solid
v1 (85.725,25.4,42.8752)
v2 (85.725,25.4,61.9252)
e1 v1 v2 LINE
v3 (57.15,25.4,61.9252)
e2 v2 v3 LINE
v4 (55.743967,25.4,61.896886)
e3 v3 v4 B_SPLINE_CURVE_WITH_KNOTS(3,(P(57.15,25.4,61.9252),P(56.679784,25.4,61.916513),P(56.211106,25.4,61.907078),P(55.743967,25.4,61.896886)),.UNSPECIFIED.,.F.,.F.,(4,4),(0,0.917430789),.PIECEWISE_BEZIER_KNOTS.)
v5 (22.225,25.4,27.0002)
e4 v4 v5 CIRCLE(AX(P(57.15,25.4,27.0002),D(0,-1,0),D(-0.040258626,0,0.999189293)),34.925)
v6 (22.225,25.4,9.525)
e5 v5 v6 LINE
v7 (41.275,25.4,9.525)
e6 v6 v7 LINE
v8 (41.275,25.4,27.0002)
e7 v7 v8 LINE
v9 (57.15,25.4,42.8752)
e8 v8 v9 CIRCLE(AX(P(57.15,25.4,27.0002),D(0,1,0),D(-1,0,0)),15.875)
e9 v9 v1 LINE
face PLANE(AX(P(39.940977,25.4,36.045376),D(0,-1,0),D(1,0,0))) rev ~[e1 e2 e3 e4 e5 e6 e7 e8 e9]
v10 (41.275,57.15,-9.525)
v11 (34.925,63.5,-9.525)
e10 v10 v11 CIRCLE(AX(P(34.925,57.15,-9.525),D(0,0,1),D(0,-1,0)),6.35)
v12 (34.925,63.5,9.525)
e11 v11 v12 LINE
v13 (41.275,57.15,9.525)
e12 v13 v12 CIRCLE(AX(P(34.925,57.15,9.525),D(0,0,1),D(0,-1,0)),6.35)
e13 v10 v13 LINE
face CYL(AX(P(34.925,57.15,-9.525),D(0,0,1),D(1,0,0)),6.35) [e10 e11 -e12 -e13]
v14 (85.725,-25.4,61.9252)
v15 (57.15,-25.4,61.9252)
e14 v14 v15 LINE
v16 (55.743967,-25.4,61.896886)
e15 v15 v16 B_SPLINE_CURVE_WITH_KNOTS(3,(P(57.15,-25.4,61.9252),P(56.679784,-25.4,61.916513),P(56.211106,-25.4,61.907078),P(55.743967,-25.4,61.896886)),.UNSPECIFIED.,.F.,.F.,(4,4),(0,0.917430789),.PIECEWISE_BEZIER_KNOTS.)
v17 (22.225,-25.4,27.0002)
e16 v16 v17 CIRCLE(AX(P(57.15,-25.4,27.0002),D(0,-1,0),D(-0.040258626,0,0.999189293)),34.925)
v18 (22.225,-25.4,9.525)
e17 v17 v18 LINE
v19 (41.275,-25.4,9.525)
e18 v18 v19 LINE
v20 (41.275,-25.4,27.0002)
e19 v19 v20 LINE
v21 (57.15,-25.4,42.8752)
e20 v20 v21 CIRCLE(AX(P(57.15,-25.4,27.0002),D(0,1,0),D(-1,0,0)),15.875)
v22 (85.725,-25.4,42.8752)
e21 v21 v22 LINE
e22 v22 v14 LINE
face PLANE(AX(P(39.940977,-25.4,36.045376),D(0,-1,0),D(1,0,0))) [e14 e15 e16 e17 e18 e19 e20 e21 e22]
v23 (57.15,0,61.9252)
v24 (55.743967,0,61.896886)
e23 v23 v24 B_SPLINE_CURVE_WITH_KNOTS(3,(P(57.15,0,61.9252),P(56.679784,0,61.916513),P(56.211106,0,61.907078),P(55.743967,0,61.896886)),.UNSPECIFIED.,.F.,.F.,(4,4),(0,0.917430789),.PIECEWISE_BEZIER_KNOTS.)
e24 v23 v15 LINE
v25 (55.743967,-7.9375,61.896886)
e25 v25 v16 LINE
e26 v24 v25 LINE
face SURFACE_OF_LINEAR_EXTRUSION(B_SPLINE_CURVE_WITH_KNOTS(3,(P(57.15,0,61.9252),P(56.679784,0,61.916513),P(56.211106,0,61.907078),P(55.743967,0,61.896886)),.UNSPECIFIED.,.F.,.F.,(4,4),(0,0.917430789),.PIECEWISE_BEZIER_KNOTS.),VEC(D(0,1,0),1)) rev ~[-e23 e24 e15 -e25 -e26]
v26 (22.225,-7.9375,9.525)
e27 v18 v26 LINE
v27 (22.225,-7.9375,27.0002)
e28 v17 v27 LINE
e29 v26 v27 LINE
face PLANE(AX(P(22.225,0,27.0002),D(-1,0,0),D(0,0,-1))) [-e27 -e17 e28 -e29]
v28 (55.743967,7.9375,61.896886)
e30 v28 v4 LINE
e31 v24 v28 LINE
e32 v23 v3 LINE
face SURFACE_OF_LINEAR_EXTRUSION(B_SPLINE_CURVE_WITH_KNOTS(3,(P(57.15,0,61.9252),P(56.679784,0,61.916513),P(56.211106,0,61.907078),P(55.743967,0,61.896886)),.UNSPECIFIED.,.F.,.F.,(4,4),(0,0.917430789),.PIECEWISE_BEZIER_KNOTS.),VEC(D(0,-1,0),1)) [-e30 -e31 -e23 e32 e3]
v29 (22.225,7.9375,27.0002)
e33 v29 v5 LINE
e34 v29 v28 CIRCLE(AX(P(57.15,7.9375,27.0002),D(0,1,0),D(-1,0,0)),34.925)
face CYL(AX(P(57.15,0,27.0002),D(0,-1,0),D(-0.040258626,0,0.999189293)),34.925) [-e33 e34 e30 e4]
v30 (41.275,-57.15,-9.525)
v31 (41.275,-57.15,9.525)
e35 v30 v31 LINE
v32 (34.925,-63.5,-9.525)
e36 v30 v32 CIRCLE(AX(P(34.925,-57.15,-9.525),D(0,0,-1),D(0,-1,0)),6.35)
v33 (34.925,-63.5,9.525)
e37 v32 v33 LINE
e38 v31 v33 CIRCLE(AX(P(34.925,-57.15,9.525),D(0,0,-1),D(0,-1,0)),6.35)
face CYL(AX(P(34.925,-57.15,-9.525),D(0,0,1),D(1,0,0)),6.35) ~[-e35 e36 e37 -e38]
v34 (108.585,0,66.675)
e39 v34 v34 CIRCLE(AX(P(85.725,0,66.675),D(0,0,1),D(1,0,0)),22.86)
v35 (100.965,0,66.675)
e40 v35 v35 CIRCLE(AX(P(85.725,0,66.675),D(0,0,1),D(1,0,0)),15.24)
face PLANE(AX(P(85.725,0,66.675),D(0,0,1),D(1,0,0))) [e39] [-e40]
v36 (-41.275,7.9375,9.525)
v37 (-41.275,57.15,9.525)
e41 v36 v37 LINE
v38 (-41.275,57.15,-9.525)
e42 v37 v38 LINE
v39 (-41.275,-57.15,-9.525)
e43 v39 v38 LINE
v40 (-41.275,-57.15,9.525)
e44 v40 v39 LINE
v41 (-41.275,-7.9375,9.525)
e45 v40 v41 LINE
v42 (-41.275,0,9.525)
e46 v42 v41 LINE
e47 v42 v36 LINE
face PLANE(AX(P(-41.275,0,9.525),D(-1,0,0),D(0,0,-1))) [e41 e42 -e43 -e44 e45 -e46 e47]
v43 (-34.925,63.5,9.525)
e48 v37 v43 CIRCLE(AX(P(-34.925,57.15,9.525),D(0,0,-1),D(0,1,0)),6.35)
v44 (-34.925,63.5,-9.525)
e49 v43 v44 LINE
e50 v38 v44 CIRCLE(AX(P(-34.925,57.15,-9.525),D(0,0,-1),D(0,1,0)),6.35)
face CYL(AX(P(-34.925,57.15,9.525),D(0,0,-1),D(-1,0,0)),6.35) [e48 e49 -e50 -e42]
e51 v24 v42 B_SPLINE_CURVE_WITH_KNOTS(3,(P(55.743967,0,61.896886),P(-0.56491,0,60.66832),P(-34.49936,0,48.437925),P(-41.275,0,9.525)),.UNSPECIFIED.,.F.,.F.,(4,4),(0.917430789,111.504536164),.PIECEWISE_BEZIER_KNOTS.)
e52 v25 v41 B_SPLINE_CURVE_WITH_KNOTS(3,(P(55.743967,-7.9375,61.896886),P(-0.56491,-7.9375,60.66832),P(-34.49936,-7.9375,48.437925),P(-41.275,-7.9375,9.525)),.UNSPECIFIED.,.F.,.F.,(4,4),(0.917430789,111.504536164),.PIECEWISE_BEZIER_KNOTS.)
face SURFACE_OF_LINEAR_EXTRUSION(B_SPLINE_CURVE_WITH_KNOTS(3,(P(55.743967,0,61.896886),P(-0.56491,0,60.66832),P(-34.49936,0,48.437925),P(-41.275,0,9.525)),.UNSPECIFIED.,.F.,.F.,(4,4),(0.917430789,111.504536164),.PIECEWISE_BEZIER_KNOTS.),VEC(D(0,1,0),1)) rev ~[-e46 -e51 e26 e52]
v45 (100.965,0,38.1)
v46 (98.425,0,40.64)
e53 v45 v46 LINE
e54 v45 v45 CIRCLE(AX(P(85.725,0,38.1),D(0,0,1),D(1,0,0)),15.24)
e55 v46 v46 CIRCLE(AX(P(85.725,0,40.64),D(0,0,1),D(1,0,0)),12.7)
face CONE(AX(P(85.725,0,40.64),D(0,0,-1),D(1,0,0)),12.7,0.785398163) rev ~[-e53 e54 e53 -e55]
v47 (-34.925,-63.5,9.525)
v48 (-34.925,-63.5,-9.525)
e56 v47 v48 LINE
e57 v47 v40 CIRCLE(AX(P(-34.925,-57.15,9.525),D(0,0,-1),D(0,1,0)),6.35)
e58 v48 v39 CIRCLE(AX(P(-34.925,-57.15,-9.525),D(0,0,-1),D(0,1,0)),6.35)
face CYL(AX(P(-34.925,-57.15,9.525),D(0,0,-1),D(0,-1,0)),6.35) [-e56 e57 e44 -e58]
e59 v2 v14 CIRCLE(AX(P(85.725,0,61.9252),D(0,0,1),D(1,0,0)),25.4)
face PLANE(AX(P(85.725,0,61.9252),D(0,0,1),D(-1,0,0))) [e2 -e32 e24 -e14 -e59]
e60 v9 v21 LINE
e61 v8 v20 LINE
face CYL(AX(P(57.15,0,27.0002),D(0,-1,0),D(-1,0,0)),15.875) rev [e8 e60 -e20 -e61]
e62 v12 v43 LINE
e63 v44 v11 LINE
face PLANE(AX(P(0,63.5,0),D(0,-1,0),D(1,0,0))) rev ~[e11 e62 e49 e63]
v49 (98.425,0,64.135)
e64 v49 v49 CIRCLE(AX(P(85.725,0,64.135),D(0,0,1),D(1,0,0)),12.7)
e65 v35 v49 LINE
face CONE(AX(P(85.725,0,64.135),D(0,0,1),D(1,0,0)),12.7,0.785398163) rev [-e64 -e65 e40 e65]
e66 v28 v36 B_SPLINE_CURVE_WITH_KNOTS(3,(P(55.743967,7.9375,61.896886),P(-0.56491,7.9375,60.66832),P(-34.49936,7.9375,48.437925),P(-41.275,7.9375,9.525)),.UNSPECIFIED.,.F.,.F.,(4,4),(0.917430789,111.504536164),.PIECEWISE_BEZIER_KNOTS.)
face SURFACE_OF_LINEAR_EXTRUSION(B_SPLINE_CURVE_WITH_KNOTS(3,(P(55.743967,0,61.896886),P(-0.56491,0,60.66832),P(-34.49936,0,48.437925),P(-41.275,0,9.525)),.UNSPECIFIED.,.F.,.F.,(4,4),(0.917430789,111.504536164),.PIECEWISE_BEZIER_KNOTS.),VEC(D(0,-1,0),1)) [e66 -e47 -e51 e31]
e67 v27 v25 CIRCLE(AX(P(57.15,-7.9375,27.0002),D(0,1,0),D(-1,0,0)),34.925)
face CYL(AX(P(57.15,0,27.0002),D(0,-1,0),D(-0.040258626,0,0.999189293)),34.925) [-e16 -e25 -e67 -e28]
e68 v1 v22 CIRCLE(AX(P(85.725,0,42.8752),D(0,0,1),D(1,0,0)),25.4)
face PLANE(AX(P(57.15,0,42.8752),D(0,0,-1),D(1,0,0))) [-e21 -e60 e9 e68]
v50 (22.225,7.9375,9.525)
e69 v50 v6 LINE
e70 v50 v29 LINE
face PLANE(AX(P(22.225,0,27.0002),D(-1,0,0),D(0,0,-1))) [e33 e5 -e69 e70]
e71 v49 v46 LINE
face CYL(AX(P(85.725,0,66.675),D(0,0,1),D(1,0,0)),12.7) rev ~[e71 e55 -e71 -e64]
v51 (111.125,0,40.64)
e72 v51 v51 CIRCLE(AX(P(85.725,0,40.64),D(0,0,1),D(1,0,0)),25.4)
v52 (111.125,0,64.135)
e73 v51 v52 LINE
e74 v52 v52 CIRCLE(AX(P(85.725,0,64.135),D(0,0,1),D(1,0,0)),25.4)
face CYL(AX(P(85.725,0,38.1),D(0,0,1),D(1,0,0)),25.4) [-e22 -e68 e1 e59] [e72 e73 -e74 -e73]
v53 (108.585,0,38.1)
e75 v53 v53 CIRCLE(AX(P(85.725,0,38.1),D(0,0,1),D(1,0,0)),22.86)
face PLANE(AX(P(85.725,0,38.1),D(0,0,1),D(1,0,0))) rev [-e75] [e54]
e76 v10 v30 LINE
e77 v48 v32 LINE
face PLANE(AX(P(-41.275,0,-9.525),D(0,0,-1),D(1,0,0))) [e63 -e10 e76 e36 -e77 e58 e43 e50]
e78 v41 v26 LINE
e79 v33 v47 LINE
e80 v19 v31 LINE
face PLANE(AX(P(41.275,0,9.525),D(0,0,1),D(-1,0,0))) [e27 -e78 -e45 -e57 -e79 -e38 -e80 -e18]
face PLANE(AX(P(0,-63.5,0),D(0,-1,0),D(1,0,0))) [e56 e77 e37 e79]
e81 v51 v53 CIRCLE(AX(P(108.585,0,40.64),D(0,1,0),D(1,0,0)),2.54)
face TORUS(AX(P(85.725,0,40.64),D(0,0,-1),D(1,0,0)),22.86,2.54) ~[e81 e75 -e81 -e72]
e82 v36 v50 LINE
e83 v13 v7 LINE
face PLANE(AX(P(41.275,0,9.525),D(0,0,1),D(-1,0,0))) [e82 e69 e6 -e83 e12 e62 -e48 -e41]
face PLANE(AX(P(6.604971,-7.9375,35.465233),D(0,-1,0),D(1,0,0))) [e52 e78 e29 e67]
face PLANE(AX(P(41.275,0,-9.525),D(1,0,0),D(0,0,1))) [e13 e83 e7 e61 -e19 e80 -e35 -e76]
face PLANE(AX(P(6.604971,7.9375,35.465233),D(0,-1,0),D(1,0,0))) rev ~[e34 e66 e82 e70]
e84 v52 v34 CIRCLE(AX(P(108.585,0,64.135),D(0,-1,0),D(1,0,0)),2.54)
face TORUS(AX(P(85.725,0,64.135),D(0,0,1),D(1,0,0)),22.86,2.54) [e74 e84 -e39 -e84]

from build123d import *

# Parameters (mm, degrees)
F1_DEPTH = 63.5
F0_W     = 25.4
F0_H     = 19.05
F2_DEPTH = 25.4
F3_DEPTH = 7.9375
F5_R     = 6.35
F6_R     = 12.7
F7_DEPTH = 76.201
F8_R     = 2.54
F9_SIZE  = 2.54


with BuildPart() as f1:
    # F0 (on Front) → F1 (new body, symmetric)
    with BuildSketch(Plane.XZ):
        Polygon((-41.275, -9.525), (41.275, -9.525), (41.275, 9.525), (22.225, 9.525), (-41.275, 9.525), align=None)
    extrude(amount=F1_DEPTH, both=True)

    # F0 (on Front) → F2 (join, symmetric)
    with BuildSketch(Plane.XZ):
        with BuildLine():
            Line((22.225, 9.525), (41.275, 9.525))
            Line((41.275, 9.525), (41.275, 27.0002))
            ThreePointArc((41.275, 27.0002), (45.9246798487, 38.2255201513), (57.15, 42.8752))
            Line((57.15, 42.8752), (60.325, 42.8752))
            Line((60.325, 42.8752), (60.325, 61.9252))
            Line((60.325, 61.9252), (57.15, 61.9252))
            add(Edge.make_bspline(
                [(57.15, 61.9252), (56.6797844251, 61.9165132353), (56.2111060081, 61.9070782377), (55.7439674805, 61.896886054)],
                knots=[0, 0, 0, 0, 0.9174307887, 0.9174307887, 0.9174307887, 0.9174307887], degree=3))
            ThreePointArc((55.7439674805, 61.896886054), (31.9620930728, 51.1936902325), (22.225, 27.0002))
            Line((22.225, 27.0002), (22.225, 9.525))
        make_face()
        with Locations((73.025, 52.4002)):
            Rectangle(F0_W, F0_H)
    extrude(amount=F2_DEPTH, both=True)

    # F0 (on Front) → F3 (join, symmetric)
    with BuildSketch(Plane.XZ):
        with BuildLine():
            add(Edge.make_bspline(
                [(55.7439674805, 61.896886054), (-0.5649096696, 60.6683202624), (-34.4993601081, 48.437924622), (-41.275, 9.525)],
                knots=[0.9174307887, 0.9174307887, 0.9174307887, 0.9174307887, 111.5045361635, 111.5045361635, 111.5045361635, 111.5045361635], degree=3))
            Line((-41.275, 9.525), (22.225, 9.525))
            Line((22.225, 9.525), (22.225, 27.0002))
            ThreePointArc((22.225, 27.0002), (31.9620930728, 51.1936902325), (55.7439674805, 61.896886054))
        make_face()
    extrude(amount=F3_DEPTH, both=True)

    # F0 (on Front) → F4 (revolve)
    with BuildSketch(Plane.XZ):
        Polygon((85.725, 61.9252), (85.725, 42.8752), (85.725, 38.1), (111.125, 38.1), (111.125, 66.675), (85.725, 66.675), align=None)
    revolve(axis=Axis((85.725, 0, 52.3875), (0, 0, 1)))

    # F5
    f5_edges = [f1.edges().sort_by_distance(p)[0] for p in [
        (-41.275, -63.5, 0),
        (41.275, -63.5, 0),
        (41.275, 63.5, 0),
        (-41.275, 63.5, 0),
    ]]
    fillet(f5_edges, radius=F5_R)

    # F6 (on face) → F7 (cut, through all)
    with BuildSketch(Plane.XY.offset(66.675)):
        with Locations((85.725, 0)):
            Circle(F6_R)
    extrude(amount=-F7_DEPTH, mode=Mode.SUBTRACT)

    # F8
    f8_edges = [f1.edges().sort_by_distance(p)[0] for p in [
        (60.325, 0, 66.675),
        (60.325, 0, 38.1),
    ]]
    fillet(f8_edges, radius=F8_R)

    # F9
    f9_edges = [f1.edges().sort_by_distance(p)[0] for p in [
        (73.025, 0, 66.675),
        (73.025, 0, 38.1),
    ]]
    chamfer(f9_edges, length=F9_SIZE)


solid = f1.part
